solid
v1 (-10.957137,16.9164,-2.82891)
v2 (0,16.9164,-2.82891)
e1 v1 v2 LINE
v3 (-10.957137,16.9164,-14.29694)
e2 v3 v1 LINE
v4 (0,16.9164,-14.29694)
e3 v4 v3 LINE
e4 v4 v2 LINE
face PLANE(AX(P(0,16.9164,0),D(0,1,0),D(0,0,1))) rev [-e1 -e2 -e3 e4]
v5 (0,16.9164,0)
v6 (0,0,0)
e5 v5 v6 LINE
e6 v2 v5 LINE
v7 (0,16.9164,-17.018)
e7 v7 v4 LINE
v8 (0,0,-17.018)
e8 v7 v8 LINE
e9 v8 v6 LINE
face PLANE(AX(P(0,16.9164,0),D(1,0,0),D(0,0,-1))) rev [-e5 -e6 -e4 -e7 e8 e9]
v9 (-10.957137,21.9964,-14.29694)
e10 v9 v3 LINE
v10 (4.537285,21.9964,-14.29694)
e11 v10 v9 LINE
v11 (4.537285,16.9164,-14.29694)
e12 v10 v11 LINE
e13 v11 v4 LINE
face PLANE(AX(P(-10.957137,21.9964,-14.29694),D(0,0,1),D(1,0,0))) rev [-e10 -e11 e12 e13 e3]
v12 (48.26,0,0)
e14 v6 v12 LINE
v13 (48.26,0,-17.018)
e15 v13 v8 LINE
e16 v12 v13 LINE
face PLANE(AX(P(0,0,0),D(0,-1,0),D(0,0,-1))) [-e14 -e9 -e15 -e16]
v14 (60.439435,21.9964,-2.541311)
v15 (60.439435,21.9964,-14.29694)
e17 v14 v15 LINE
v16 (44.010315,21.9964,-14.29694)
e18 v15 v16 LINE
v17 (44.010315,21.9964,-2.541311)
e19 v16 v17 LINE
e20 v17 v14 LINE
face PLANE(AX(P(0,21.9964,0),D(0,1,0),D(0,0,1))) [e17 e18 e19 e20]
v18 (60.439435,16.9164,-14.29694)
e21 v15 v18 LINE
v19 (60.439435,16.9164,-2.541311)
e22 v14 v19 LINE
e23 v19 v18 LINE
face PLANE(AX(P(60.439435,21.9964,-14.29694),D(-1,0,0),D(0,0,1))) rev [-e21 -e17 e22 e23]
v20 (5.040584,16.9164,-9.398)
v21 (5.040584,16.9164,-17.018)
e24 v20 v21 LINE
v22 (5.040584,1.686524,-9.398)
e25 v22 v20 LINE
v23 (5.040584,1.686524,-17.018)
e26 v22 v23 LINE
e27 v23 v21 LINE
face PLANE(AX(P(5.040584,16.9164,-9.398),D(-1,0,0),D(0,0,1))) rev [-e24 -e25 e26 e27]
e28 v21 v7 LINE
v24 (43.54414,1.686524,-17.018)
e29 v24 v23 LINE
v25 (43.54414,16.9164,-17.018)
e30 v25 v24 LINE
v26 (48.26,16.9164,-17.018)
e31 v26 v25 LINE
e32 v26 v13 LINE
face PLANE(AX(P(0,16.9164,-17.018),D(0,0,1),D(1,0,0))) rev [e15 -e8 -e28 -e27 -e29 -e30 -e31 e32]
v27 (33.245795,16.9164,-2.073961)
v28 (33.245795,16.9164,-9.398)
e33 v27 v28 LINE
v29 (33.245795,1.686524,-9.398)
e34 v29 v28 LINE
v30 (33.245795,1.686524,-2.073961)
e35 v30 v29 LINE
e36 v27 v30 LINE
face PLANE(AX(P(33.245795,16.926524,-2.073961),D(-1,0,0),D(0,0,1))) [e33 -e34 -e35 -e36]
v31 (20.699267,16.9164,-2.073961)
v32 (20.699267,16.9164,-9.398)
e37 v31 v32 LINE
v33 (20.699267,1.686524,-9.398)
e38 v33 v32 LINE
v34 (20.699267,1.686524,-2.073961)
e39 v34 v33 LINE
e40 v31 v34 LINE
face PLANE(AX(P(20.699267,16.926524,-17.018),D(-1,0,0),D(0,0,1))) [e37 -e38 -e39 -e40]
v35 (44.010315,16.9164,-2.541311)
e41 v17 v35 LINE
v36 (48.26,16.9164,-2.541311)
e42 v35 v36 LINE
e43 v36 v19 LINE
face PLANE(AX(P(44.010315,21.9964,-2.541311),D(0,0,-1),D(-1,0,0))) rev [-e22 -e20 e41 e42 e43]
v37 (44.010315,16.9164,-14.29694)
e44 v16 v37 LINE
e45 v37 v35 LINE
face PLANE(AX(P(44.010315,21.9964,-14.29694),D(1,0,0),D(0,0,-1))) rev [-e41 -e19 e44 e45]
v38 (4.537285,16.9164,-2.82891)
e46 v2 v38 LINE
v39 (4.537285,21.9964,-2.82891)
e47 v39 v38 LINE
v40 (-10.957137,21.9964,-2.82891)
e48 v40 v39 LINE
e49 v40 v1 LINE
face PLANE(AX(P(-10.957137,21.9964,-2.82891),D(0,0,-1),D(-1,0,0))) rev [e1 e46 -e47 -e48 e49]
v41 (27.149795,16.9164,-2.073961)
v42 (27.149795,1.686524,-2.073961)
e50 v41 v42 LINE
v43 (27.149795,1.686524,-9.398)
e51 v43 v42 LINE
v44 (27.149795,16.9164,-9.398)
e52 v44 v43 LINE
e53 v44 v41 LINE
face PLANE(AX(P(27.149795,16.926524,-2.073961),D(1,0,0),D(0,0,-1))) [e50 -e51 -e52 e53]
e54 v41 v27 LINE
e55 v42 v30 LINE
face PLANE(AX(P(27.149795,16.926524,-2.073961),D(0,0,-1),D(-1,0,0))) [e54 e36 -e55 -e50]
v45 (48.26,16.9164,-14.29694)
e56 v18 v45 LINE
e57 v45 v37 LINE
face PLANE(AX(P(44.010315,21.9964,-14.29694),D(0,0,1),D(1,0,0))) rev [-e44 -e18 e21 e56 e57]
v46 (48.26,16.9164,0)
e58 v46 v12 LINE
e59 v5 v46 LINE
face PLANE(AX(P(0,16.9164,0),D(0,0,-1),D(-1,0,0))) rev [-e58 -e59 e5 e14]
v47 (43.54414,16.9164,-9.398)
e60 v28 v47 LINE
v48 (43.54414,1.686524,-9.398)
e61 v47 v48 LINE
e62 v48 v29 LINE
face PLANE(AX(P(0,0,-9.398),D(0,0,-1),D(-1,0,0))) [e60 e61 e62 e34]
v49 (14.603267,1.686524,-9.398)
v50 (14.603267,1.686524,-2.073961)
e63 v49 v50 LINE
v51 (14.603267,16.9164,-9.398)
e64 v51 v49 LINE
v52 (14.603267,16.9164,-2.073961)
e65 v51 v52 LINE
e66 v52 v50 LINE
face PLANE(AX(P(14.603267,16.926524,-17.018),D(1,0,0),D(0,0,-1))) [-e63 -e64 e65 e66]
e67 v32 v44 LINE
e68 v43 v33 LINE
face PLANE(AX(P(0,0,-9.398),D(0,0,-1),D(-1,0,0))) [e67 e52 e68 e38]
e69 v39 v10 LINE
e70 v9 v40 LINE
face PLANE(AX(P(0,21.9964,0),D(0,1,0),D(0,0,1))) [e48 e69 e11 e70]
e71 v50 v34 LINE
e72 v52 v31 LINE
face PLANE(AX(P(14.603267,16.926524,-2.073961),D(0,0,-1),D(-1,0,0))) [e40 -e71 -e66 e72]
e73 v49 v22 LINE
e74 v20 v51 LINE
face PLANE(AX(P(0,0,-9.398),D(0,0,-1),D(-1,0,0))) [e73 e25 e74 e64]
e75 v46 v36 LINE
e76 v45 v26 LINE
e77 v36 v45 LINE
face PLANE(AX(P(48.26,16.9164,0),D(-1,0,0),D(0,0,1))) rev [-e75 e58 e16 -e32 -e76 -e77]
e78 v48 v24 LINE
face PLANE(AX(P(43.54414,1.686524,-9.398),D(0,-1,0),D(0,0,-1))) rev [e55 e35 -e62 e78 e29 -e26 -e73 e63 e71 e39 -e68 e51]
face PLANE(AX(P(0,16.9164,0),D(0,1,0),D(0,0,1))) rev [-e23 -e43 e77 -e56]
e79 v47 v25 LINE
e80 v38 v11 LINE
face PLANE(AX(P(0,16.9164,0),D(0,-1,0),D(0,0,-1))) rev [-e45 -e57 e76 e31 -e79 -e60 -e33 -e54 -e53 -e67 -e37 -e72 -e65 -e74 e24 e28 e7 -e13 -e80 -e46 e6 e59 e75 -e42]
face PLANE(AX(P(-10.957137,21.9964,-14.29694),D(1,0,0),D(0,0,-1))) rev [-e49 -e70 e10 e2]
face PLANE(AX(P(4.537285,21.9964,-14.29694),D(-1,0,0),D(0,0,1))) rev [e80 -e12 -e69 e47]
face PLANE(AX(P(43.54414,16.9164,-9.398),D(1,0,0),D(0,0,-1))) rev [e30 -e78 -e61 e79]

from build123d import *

# Parameters (mm, degrees)
SKETCH1_W           = 48.26
SKETCH1_H           = 17.018
BOSS_EXTRUDE1_DEPTH = 16.9164
SKETCH3_W           = 38.503555909
SKETCH3_H           = 15.229875851
CUT_EXTRUDE1_DEPTH  = 7.62
SKETCH4_W           = 6.096
SKETCH4_H           = 14.944038535
CUT_EXTRUDE2_DEPTH  = 15.24
SKETCH5_W           = 15.494422394
SKETCH5_H           = 11.468029568
SKETCH5_W_2         = 16.429120729
SKETCH5_H_2         = 11.755629056
BOSS_EXTRUDE2_DEPTH = 5.08


with BuildPart() as part:
    # Sketch1 → Boss-Extrude1 (new body)
    with BuildSketch(Plane(origin=(0, 0, 0), x_dir=(1, 0, 0), z_dir=(0, 1, 0))):
        with Locations((24.13, 8.509)):
            Rectangle(SKETCH1_W, SKETCH1_H)
    extrude(amount=BOSS_EXTRUDE1_DEPTH)

    # Sketch3 → Cut-Extrude1 (cut)
    with BuildSketch(Plane(origin=(0, 0, -17.018), x_dir=(-1, 0, 0), z_dir=(0, 0, -1))):
        with Locations((-24.292361965, 9.301462074)):
            Rectangle(SKETCH3_W, SKETCH3_H)
    extrude(amount=-CUT_EXTRUDE1_DEPTH, mode=Mode.SUBTRACT)

    # Sketch4 → Cut-Extrude2 (cut)
    with BuildSketch(Plane(origin=(0, 1.686524149, 0), x_dir=(1, 0, 0), z_dir=(0, 1, 0))):
        with Locations((17.651266973, 9.545980733)):
            Rectangle(SKETCH4_W, SKETCH4_H)
        with Locations((30.19779462, 9.545980733)):
            Rectangle(SKETCH4_W, SKETCH4_H)
    extrude(amount=CUT_EXTRUDE2_DEPTH, mode=Mode.SUBTRACT)

    # Sketch5 → Boss-Extrude2 (add)
    with BuildSketch(Plane(origin=(0, 16.9164, 0), x_dir=(1, 0, 0), z_dir=(0, 1, 0))):
        with Locations((-3.20992629, 8.562924904)):
            Rectangle(SKETCH5_W, SKETCH5_H)
        with Locations((52.224874945, 8.41912516)):
            Rectangle(SKETCH5_W_2, SKETCH5_H_2)
    extrude(amount=BOSS_EXTRUDE2_DEPTH)


solid = part.part
